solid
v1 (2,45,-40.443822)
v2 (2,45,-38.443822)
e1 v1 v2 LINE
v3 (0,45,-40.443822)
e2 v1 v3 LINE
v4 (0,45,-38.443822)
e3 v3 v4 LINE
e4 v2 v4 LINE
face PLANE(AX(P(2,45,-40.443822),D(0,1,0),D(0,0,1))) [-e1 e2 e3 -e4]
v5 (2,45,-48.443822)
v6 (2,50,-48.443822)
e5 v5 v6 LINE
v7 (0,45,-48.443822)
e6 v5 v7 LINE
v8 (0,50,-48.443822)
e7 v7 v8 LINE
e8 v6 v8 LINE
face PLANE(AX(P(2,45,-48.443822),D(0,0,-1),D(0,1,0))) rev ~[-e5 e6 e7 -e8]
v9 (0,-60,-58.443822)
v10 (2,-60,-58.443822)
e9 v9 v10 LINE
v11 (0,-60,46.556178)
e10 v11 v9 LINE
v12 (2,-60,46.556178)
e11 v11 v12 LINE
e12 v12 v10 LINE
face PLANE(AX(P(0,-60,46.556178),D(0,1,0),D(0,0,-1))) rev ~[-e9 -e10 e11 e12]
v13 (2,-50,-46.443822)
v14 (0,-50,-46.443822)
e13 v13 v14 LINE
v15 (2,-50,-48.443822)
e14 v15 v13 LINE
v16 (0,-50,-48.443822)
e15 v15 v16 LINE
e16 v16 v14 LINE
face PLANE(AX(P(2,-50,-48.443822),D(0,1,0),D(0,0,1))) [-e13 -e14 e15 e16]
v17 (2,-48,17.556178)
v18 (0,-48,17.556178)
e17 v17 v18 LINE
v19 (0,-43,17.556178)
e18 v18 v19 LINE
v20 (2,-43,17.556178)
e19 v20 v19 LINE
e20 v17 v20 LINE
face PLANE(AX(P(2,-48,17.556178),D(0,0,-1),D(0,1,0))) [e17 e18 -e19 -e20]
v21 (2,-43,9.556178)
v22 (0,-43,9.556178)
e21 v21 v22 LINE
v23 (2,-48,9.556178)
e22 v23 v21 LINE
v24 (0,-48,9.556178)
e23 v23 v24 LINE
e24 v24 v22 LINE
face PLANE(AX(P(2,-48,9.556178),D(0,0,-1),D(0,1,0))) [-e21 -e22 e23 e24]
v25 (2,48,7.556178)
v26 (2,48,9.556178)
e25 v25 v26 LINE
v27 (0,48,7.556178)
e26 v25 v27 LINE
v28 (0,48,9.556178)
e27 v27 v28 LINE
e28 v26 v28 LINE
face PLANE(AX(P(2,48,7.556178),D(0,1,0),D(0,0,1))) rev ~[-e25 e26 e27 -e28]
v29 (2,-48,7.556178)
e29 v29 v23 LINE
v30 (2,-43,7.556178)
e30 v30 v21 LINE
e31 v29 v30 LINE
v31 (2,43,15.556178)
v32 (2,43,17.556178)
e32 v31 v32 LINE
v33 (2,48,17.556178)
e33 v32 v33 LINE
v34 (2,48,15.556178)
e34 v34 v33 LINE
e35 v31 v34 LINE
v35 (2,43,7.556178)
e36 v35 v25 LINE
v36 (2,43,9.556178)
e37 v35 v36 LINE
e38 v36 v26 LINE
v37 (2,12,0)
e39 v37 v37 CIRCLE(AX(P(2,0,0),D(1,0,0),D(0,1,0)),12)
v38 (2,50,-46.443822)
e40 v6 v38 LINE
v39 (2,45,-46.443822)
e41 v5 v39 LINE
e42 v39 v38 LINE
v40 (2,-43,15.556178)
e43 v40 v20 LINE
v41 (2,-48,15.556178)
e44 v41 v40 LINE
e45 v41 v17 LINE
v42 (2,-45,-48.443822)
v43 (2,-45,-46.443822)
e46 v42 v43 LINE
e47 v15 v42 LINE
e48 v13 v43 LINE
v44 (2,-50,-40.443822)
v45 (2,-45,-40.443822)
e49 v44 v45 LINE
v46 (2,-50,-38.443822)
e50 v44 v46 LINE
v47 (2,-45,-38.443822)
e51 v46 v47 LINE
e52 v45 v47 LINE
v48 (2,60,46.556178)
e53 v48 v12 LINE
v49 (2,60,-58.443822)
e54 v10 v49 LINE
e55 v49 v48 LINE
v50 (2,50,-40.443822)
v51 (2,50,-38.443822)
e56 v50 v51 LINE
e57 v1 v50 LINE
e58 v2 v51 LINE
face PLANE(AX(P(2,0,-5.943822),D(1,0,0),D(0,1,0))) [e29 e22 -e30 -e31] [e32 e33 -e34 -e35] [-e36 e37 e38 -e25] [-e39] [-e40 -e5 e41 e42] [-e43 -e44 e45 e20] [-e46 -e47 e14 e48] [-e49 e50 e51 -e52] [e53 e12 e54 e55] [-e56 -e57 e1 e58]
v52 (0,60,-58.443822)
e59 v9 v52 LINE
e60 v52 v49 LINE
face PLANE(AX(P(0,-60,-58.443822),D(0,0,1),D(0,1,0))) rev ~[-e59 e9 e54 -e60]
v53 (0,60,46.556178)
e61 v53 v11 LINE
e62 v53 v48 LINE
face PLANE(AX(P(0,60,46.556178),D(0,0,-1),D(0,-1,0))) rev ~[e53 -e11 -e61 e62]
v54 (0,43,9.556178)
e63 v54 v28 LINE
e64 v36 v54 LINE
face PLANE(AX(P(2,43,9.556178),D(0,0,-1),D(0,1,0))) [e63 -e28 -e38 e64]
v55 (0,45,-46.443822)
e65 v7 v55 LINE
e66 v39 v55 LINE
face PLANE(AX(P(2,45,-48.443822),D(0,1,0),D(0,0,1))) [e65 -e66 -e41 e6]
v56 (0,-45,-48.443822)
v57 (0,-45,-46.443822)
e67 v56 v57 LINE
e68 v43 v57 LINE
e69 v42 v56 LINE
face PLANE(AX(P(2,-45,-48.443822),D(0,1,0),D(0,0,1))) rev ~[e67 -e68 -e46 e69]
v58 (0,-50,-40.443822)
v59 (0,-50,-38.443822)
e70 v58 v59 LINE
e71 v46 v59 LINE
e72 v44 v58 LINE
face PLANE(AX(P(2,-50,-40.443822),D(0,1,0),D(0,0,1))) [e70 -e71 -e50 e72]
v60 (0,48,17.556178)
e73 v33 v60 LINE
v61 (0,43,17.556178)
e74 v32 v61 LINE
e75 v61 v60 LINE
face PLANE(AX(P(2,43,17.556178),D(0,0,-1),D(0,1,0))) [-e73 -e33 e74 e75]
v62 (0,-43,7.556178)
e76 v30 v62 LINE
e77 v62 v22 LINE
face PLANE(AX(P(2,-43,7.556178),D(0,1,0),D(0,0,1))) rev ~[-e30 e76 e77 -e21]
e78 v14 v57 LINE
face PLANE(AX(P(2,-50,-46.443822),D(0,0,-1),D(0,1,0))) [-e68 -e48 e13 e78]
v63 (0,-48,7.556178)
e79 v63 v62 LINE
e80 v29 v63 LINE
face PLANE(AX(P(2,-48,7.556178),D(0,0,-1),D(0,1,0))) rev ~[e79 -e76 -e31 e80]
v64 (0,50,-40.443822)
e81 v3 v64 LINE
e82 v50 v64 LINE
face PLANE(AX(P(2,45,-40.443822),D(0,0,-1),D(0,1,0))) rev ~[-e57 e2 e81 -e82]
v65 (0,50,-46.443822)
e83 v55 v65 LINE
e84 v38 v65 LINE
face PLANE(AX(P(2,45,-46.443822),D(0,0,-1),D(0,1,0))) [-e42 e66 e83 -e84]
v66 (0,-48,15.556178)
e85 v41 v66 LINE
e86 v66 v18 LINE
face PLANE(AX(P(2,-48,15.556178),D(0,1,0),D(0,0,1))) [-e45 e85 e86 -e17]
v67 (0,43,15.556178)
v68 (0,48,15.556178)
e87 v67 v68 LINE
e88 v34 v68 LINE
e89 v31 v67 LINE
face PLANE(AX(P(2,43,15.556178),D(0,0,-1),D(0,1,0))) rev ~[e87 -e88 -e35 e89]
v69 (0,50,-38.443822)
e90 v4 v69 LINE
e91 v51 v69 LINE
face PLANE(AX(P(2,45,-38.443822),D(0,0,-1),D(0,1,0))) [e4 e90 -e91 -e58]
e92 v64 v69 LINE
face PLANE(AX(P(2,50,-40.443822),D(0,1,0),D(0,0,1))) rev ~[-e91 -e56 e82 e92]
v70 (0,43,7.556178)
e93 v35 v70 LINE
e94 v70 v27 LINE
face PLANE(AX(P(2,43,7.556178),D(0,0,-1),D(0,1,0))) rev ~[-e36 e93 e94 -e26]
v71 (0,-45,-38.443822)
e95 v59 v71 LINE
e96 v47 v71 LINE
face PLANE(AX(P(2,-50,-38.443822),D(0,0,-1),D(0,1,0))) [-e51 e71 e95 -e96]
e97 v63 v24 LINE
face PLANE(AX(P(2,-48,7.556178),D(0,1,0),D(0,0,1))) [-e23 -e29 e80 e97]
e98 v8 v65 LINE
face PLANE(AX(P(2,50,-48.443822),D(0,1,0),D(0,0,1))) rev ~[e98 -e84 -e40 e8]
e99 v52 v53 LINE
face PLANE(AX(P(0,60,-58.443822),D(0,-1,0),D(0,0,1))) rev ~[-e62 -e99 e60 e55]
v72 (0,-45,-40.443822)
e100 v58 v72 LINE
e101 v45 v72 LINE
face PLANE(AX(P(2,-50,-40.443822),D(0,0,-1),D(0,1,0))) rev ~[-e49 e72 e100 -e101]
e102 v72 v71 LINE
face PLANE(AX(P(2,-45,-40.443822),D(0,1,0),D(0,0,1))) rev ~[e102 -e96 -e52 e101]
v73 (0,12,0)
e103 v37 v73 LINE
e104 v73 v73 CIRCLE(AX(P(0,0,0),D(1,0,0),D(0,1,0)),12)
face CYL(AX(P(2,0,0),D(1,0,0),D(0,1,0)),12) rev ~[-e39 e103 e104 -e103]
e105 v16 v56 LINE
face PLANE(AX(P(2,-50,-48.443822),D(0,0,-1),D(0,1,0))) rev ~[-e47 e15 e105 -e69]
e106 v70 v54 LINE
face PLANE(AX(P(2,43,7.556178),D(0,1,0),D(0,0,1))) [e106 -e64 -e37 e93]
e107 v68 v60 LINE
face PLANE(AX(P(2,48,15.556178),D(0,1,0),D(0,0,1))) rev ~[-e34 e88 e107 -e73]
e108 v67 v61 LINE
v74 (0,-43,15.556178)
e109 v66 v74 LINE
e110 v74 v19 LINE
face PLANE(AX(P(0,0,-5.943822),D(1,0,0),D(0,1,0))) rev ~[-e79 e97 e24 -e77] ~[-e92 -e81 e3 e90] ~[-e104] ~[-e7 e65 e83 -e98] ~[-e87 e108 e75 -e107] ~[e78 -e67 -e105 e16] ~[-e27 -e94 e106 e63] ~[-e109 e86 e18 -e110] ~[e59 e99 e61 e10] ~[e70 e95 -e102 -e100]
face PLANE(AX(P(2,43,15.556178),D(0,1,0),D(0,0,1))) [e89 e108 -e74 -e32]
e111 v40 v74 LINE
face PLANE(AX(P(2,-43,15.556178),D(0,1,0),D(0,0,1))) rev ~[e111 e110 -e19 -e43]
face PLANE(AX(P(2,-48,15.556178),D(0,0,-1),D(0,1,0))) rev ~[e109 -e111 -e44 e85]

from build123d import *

# Parameters (mm, degrees)
F1_DEPTH = 2
F2_W     = 5
F2_H     = 2
F3_DEPTH = 25
F4_W     = 5
F4_H     = 2
F5_DEPTH = 25
F6_R     = 12
F7_DEPTH = 25


with BuildPart() as f1:
    # F0 (on Right) → F1 (new body)
    with BuildSketch(Plane.YZ):
        Polygon((60, 46.556178), (0, 46.556178), (-60, 46.556178), (-60, -58.443822), (0, -58.443822), (60, -58.443822), align=None)
    extrude(amount=F1_DEPTH)

    # F2 (on face) → F3 (cut)
    with BuildSketch(Plane.YZ.offset(2)):
        with Locations((-47.5, -47.443822)):
            Rectangle(F2_W, F2_H)
        with Locations((47.5, -47.443822)):
            Rectangle(F2_W, F2_H)
        with Locations((-47.5, -39.443822)):
            Rectangle(F2_W, F2_H)
        with Locations((47.5, -39.443822)):
            Rectangle(F2_W, F2_H)
    extrude(amount=-F3_DEPTH, mode=Mode.SUBTRACT)

    # F4 (on face) → F5 (cut)
    with BuildSketch(Plane.YZ.offset(2)):
        with Locations((-45.5, 8.556178)):
            Rectangle(F4_W, F4_H)
        with Locations((-45.5, 16.556178)):
            Rectangle(F4_W, F4_H)
        with Locations((45.5, 8.556178)):
            Rectangle(F4_W, F4_H)
        with Locations((45.5, 16.556178)):
            Rectangle(F4_W, F4_H)
    extrude(amount=-F5_DEPTH, mode=Mode.SUBTRACT)

    # F6 (on face) → F7 (cut)
    with BuildSketch(Plane.YZ.offset(2)):
        Circle(F6_R)
    extrude(amount=-F7_DEPTH, mode=Mode.SUBTRACT)


solid = f1.part
